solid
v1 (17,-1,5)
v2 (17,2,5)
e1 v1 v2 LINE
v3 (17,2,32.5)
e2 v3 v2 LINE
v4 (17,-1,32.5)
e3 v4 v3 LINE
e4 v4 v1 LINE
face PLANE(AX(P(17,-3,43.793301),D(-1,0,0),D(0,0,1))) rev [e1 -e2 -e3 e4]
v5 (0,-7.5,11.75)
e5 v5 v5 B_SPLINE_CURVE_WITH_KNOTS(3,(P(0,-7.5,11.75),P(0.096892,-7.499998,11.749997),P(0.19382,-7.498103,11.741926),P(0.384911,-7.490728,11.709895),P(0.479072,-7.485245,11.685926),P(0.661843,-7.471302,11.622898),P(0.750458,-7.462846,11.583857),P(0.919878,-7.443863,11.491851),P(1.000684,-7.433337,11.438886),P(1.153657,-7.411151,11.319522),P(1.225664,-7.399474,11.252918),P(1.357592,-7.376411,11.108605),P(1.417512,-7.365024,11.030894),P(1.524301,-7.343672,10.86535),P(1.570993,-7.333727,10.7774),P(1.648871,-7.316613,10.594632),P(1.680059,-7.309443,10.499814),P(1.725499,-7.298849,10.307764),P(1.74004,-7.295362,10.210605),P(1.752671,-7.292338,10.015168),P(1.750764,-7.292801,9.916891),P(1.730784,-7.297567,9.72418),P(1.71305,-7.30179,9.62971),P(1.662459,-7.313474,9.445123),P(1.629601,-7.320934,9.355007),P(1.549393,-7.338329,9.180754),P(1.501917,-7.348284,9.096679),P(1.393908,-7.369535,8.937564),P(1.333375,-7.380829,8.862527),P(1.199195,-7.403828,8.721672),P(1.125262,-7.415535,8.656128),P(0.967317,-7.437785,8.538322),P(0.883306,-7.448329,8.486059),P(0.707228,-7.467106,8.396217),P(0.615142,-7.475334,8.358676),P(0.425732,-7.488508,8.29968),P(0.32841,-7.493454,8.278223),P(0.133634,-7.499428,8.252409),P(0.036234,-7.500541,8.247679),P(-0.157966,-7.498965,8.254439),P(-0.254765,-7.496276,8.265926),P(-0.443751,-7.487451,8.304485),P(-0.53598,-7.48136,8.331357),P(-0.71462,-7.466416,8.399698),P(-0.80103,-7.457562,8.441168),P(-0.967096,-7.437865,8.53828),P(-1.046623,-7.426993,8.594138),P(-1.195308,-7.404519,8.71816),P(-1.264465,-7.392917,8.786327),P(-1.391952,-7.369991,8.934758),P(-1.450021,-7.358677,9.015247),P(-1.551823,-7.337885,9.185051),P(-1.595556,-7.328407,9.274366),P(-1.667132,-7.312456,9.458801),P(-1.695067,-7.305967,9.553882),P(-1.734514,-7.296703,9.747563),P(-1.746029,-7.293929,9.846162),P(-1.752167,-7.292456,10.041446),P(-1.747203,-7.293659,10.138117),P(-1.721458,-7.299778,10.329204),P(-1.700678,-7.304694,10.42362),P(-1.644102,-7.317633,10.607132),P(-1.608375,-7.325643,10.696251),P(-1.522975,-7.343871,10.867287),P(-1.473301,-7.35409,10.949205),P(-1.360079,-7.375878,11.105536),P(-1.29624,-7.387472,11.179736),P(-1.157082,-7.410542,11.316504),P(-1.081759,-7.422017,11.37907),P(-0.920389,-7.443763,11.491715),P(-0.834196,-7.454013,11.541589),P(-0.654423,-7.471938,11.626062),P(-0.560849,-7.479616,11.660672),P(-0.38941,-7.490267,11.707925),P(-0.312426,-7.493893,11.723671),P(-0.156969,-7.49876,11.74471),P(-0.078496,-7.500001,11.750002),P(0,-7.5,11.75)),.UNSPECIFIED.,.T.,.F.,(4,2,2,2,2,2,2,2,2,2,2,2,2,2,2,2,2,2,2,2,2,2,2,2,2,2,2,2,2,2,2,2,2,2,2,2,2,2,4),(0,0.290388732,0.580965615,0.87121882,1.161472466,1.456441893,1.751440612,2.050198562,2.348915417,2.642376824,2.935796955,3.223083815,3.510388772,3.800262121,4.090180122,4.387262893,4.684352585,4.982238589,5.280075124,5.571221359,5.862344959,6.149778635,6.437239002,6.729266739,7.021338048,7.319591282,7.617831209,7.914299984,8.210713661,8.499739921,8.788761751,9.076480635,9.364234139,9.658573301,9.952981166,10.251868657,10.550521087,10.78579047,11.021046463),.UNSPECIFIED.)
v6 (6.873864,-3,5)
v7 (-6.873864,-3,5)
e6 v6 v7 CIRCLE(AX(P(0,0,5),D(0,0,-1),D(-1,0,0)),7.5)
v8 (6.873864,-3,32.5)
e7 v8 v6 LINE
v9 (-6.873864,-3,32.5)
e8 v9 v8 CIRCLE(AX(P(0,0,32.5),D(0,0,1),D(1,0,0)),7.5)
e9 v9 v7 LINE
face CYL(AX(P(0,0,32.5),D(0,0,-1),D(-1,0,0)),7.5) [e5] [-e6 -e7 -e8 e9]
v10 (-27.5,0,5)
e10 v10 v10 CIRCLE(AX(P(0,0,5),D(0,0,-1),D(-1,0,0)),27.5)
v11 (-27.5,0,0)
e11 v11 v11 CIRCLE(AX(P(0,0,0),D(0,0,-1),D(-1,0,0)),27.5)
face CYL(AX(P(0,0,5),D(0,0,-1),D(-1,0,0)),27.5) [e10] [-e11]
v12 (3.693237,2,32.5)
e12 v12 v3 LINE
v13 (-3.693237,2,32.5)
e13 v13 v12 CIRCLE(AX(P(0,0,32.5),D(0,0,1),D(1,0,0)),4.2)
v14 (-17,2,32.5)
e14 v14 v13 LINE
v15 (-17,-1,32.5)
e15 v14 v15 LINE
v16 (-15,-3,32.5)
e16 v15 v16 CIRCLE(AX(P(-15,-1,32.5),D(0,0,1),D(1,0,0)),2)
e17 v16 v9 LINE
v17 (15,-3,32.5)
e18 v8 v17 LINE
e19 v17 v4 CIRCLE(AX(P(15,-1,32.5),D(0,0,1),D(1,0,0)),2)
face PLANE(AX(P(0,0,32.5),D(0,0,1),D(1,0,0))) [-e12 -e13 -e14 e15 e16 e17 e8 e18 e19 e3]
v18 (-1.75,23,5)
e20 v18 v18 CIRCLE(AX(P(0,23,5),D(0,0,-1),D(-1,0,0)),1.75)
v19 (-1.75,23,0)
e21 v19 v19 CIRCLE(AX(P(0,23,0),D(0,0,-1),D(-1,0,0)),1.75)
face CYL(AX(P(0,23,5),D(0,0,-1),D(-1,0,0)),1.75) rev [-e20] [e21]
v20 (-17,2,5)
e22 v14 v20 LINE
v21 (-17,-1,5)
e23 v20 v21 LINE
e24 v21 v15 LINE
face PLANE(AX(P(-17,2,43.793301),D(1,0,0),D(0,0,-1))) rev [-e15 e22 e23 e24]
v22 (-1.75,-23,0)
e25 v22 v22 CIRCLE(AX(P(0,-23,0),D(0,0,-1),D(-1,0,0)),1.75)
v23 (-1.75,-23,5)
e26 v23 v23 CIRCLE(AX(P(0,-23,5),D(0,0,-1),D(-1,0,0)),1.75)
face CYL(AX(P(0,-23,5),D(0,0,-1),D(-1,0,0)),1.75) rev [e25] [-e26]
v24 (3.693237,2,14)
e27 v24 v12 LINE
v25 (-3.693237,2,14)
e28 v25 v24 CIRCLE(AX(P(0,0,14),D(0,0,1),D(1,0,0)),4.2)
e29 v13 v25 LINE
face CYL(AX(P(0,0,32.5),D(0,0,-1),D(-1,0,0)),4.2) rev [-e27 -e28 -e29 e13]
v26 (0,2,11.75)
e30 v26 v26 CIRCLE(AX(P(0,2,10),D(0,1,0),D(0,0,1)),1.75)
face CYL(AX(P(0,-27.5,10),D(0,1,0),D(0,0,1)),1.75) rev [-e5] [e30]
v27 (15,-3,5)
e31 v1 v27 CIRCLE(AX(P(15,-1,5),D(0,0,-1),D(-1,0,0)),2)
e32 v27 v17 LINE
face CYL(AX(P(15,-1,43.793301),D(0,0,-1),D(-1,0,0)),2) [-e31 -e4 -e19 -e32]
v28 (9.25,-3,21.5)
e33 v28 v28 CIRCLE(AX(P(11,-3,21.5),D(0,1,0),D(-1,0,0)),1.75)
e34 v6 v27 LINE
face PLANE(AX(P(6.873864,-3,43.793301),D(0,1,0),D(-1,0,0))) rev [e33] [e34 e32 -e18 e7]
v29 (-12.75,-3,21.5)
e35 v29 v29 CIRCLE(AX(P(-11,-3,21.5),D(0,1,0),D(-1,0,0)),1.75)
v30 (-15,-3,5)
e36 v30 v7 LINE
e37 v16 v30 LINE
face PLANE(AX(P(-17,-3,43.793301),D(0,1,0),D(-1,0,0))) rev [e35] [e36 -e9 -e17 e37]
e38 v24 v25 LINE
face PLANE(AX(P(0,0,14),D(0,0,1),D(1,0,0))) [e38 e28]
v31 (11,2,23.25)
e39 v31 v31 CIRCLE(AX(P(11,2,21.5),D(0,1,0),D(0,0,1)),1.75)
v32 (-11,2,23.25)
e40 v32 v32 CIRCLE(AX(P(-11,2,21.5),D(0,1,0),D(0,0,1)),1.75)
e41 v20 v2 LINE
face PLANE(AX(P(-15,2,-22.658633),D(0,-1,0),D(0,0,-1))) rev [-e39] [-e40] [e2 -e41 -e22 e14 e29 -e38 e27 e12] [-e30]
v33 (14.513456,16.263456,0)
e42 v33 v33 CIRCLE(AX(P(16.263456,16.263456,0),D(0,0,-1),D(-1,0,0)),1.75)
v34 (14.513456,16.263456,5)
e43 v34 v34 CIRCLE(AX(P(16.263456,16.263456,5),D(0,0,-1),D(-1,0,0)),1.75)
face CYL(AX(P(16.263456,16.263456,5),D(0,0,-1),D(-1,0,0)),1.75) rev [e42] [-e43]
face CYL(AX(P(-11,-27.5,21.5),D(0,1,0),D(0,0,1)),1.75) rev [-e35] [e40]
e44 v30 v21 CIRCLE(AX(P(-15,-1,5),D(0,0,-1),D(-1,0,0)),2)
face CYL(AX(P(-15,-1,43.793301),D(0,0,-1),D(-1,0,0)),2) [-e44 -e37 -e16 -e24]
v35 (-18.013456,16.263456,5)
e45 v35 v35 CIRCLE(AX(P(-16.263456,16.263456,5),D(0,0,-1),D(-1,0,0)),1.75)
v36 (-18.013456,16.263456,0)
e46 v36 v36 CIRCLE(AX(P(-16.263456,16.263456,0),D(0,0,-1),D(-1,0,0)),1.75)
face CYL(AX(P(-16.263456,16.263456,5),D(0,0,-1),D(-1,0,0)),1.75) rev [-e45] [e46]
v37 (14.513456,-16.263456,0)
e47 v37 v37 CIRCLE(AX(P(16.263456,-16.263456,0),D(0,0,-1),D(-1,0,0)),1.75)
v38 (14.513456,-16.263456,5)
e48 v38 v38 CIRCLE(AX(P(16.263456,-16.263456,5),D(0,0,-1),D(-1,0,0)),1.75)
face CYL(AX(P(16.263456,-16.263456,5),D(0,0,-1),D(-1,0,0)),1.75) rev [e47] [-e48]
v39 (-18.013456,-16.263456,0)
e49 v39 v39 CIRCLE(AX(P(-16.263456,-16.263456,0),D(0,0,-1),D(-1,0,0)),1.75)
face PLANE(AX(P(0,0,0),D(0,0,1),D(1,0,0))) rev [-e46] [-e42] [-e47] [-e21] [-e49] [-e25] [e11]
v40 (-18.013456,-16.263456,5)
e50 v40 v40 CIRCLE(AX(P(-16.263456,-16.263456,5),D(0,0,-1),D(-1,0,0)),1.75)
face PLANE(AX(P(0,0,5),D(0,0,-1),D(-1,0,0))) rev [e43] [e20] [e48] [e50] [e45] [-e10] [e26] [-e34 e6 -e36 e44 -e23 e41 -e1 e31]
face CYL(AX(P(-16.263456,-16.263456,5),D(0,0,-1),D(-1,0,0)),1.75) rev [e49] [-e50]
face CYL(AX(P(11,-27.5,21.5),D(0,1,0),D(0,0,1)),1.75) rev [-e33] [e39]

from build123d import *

# Parameters (mm, degrees)
SKETCH1_R           = 7.5
BOSS_EXTRUDE1_DEPTH = 32.5
SKETCH2_R           = 27.5
SKETCH2_R_2         = 7.5
SKETCH2_R_3         = 1.75
BOSS_EXTRUDE2_DEPTH = 5
SKETCH3_W           = 27
SKETCH3_H           = 6
CUT_EXTRUDE1_DEPTH  = 27.5
BOSS_EXTRUDE3_DEPTH = 5
BOSS_EXTRUDE4_DEPTH = 9
BOSS_EXTRUDE5_DEPTH = 27.5
SKETCH7_R           = 1.75
CUT_EXTRUDE2_DEPTH  = 52.795270054
FILLET1_R           = 2


with BuildPart() as part:
    # Sketch1 → Boss-Extrude1 (new body)
    with BuildSketch(Plane.XY):
        Circle(SKETCH1_R)
        with BuildLine():
            Line((-2.720294102, 3.2), (2.720294102, 3.2))
            ThreePointArc((2.720294102, 3.2), (0, -4.2), (-2.720294102, 3.2))
        make_face(mode=Mode.SUBTRACT)
    extrude(amount=BOSS_EXTRUDE1_DEPTH)

    # Sketch2 → Boss-Extrude2 (add)
    with BuildSketch(Plane(origin=(0, 0, 0), x_dir=(-1, 0, 0), z_dir=(0, 0, -1))):
        Circle(SKETCH2_R)
        Circle(SKETCH2_R_2, mode=Mode.SUBTRACT)
        with Locations((0, 23)):
            Circle(SKETCH2_R_3, mode=Mode.SUBTRACT)
        with Locations((16.263455967, 16.263455967)):
            Circle(SKETCH2_R_3, mode=Mode.SUBTRACT)
        with Locations((16.263455967, -16.263455967)):
            Circle(SKETCH2_R_3, mode=Mode.SUBTRACT)
        with Locations((0, -23)):
            Circle(SKETCH2_R_3, mode=Mode.SUBTRACT)
        with Locations((-16.263455967, -16.263455967)):
            Circle(SKETCH2_R_3, mode=Mode.SUBTRACT)
        with Locations((-16.263455967, 16.263455967)):
            Circle(SKETCH2_R_3, mode=Mode.SUBTRACT)
    extrude(amount=-BOSS_EXTRUDE2_DEPTH)

    # Sketch3 → Cut-Extrude1 (cut)
    with BuildSketch(Plane.XY.offset(32.5)):
        with Locations((-1.5, 5)):
            Rectangle(SKETCH3_W, SKETCH3_H)
    extrude(amount=-CUT_EXTRUDE1_DEPTH, mode=Mode.SUBTRACT)

    # Sketch4 → Boss-Extrude3 (add)
    with BuildSketch(Plane(origin=(0, 0, 0), x_dir=(-1, 0, 0), z_dir=(0, 0, -1))):
        with BuildLine():
            Line((-2.720294102, 3.2), (2.720294102, 3.2))
            ThreePointArc((2.720294102, 3.2), (0, -4.2), (-2.720294102, 3.2))
        make_face()
    extrude(amount=-BOSS_EXTRUDE3_DEPTH)

    # Sketch5 → Boss-Extrude4 (add)
    with BuildSketch(Plane.XY.offset(5)):
        with BuildLine():
            Line((-3.693237063, 2), (3.693237063, 2))
            ThreePointArc((3.693237063, 2), (0, -4.2), (-3.693237063, 2))
        make_face()
    extrude(amount=BOSS_EXTRUDE4_DEPTH)

    # Sketch6 → Boss-Extrude5 (add)
    with BuildSketch(Plane.XY.offset(5)):
        with BuildLine():
            Line((-7.228416147, 2), (-17, 2))
            Line((-17, 2), (-17, -3))
            Line((-17, -3), (-6.873863542, -3))
            ThreePointArc((-6.873863542, -3), (-7.481214682, -0.530496831), (-7.228416147, 2))
        make_face()
        with BuildLine():
            Line((6.873863542, -3), (17, -3))
            Line((17, -3), (17, 2))
            Line((17, 2), (7.228416147, 2))
            ThreePointArc((7.228416147, 2), (7.481214682, -0.530496831), (6.873863542, -3))
        make_face()
    extrude(amount=BOSS_EXTRUDE5_DEPTH)

    # Sketch7 → Cut-Extrude2 (cut, through all)
    with BuildSketch(Plane(origin=(0, 2, 0), x_dir=(1, 0, 0), z_dir=(0, 1, 0))):
        with Locations(Location((0, -10, 0), (0, 0, 270))):
            Circle(SKETCH7_R)
        with Locations(Location((-11, -21.5, 0), (0, 0, 270))):
            Circle(SKETCH7_R)
        with Locations(Location((11, -21.5, 0), (0, 0, 270))):
            Circle(SKETCH7_R)
    extrude(amount=-CUT_EXTRUDE2_DEPTH, mode=Mode.SUBTRACT)

    # Fillet1
    fillet1_edges = [part.edges().sort_by_distance(p)[0] for p in [
        (-17, -3, 18.75),
        (17, -3, 18.75),
    ]]
    fillet(fillet1_edges, radius=FILLET1_R)


solid = part.part
